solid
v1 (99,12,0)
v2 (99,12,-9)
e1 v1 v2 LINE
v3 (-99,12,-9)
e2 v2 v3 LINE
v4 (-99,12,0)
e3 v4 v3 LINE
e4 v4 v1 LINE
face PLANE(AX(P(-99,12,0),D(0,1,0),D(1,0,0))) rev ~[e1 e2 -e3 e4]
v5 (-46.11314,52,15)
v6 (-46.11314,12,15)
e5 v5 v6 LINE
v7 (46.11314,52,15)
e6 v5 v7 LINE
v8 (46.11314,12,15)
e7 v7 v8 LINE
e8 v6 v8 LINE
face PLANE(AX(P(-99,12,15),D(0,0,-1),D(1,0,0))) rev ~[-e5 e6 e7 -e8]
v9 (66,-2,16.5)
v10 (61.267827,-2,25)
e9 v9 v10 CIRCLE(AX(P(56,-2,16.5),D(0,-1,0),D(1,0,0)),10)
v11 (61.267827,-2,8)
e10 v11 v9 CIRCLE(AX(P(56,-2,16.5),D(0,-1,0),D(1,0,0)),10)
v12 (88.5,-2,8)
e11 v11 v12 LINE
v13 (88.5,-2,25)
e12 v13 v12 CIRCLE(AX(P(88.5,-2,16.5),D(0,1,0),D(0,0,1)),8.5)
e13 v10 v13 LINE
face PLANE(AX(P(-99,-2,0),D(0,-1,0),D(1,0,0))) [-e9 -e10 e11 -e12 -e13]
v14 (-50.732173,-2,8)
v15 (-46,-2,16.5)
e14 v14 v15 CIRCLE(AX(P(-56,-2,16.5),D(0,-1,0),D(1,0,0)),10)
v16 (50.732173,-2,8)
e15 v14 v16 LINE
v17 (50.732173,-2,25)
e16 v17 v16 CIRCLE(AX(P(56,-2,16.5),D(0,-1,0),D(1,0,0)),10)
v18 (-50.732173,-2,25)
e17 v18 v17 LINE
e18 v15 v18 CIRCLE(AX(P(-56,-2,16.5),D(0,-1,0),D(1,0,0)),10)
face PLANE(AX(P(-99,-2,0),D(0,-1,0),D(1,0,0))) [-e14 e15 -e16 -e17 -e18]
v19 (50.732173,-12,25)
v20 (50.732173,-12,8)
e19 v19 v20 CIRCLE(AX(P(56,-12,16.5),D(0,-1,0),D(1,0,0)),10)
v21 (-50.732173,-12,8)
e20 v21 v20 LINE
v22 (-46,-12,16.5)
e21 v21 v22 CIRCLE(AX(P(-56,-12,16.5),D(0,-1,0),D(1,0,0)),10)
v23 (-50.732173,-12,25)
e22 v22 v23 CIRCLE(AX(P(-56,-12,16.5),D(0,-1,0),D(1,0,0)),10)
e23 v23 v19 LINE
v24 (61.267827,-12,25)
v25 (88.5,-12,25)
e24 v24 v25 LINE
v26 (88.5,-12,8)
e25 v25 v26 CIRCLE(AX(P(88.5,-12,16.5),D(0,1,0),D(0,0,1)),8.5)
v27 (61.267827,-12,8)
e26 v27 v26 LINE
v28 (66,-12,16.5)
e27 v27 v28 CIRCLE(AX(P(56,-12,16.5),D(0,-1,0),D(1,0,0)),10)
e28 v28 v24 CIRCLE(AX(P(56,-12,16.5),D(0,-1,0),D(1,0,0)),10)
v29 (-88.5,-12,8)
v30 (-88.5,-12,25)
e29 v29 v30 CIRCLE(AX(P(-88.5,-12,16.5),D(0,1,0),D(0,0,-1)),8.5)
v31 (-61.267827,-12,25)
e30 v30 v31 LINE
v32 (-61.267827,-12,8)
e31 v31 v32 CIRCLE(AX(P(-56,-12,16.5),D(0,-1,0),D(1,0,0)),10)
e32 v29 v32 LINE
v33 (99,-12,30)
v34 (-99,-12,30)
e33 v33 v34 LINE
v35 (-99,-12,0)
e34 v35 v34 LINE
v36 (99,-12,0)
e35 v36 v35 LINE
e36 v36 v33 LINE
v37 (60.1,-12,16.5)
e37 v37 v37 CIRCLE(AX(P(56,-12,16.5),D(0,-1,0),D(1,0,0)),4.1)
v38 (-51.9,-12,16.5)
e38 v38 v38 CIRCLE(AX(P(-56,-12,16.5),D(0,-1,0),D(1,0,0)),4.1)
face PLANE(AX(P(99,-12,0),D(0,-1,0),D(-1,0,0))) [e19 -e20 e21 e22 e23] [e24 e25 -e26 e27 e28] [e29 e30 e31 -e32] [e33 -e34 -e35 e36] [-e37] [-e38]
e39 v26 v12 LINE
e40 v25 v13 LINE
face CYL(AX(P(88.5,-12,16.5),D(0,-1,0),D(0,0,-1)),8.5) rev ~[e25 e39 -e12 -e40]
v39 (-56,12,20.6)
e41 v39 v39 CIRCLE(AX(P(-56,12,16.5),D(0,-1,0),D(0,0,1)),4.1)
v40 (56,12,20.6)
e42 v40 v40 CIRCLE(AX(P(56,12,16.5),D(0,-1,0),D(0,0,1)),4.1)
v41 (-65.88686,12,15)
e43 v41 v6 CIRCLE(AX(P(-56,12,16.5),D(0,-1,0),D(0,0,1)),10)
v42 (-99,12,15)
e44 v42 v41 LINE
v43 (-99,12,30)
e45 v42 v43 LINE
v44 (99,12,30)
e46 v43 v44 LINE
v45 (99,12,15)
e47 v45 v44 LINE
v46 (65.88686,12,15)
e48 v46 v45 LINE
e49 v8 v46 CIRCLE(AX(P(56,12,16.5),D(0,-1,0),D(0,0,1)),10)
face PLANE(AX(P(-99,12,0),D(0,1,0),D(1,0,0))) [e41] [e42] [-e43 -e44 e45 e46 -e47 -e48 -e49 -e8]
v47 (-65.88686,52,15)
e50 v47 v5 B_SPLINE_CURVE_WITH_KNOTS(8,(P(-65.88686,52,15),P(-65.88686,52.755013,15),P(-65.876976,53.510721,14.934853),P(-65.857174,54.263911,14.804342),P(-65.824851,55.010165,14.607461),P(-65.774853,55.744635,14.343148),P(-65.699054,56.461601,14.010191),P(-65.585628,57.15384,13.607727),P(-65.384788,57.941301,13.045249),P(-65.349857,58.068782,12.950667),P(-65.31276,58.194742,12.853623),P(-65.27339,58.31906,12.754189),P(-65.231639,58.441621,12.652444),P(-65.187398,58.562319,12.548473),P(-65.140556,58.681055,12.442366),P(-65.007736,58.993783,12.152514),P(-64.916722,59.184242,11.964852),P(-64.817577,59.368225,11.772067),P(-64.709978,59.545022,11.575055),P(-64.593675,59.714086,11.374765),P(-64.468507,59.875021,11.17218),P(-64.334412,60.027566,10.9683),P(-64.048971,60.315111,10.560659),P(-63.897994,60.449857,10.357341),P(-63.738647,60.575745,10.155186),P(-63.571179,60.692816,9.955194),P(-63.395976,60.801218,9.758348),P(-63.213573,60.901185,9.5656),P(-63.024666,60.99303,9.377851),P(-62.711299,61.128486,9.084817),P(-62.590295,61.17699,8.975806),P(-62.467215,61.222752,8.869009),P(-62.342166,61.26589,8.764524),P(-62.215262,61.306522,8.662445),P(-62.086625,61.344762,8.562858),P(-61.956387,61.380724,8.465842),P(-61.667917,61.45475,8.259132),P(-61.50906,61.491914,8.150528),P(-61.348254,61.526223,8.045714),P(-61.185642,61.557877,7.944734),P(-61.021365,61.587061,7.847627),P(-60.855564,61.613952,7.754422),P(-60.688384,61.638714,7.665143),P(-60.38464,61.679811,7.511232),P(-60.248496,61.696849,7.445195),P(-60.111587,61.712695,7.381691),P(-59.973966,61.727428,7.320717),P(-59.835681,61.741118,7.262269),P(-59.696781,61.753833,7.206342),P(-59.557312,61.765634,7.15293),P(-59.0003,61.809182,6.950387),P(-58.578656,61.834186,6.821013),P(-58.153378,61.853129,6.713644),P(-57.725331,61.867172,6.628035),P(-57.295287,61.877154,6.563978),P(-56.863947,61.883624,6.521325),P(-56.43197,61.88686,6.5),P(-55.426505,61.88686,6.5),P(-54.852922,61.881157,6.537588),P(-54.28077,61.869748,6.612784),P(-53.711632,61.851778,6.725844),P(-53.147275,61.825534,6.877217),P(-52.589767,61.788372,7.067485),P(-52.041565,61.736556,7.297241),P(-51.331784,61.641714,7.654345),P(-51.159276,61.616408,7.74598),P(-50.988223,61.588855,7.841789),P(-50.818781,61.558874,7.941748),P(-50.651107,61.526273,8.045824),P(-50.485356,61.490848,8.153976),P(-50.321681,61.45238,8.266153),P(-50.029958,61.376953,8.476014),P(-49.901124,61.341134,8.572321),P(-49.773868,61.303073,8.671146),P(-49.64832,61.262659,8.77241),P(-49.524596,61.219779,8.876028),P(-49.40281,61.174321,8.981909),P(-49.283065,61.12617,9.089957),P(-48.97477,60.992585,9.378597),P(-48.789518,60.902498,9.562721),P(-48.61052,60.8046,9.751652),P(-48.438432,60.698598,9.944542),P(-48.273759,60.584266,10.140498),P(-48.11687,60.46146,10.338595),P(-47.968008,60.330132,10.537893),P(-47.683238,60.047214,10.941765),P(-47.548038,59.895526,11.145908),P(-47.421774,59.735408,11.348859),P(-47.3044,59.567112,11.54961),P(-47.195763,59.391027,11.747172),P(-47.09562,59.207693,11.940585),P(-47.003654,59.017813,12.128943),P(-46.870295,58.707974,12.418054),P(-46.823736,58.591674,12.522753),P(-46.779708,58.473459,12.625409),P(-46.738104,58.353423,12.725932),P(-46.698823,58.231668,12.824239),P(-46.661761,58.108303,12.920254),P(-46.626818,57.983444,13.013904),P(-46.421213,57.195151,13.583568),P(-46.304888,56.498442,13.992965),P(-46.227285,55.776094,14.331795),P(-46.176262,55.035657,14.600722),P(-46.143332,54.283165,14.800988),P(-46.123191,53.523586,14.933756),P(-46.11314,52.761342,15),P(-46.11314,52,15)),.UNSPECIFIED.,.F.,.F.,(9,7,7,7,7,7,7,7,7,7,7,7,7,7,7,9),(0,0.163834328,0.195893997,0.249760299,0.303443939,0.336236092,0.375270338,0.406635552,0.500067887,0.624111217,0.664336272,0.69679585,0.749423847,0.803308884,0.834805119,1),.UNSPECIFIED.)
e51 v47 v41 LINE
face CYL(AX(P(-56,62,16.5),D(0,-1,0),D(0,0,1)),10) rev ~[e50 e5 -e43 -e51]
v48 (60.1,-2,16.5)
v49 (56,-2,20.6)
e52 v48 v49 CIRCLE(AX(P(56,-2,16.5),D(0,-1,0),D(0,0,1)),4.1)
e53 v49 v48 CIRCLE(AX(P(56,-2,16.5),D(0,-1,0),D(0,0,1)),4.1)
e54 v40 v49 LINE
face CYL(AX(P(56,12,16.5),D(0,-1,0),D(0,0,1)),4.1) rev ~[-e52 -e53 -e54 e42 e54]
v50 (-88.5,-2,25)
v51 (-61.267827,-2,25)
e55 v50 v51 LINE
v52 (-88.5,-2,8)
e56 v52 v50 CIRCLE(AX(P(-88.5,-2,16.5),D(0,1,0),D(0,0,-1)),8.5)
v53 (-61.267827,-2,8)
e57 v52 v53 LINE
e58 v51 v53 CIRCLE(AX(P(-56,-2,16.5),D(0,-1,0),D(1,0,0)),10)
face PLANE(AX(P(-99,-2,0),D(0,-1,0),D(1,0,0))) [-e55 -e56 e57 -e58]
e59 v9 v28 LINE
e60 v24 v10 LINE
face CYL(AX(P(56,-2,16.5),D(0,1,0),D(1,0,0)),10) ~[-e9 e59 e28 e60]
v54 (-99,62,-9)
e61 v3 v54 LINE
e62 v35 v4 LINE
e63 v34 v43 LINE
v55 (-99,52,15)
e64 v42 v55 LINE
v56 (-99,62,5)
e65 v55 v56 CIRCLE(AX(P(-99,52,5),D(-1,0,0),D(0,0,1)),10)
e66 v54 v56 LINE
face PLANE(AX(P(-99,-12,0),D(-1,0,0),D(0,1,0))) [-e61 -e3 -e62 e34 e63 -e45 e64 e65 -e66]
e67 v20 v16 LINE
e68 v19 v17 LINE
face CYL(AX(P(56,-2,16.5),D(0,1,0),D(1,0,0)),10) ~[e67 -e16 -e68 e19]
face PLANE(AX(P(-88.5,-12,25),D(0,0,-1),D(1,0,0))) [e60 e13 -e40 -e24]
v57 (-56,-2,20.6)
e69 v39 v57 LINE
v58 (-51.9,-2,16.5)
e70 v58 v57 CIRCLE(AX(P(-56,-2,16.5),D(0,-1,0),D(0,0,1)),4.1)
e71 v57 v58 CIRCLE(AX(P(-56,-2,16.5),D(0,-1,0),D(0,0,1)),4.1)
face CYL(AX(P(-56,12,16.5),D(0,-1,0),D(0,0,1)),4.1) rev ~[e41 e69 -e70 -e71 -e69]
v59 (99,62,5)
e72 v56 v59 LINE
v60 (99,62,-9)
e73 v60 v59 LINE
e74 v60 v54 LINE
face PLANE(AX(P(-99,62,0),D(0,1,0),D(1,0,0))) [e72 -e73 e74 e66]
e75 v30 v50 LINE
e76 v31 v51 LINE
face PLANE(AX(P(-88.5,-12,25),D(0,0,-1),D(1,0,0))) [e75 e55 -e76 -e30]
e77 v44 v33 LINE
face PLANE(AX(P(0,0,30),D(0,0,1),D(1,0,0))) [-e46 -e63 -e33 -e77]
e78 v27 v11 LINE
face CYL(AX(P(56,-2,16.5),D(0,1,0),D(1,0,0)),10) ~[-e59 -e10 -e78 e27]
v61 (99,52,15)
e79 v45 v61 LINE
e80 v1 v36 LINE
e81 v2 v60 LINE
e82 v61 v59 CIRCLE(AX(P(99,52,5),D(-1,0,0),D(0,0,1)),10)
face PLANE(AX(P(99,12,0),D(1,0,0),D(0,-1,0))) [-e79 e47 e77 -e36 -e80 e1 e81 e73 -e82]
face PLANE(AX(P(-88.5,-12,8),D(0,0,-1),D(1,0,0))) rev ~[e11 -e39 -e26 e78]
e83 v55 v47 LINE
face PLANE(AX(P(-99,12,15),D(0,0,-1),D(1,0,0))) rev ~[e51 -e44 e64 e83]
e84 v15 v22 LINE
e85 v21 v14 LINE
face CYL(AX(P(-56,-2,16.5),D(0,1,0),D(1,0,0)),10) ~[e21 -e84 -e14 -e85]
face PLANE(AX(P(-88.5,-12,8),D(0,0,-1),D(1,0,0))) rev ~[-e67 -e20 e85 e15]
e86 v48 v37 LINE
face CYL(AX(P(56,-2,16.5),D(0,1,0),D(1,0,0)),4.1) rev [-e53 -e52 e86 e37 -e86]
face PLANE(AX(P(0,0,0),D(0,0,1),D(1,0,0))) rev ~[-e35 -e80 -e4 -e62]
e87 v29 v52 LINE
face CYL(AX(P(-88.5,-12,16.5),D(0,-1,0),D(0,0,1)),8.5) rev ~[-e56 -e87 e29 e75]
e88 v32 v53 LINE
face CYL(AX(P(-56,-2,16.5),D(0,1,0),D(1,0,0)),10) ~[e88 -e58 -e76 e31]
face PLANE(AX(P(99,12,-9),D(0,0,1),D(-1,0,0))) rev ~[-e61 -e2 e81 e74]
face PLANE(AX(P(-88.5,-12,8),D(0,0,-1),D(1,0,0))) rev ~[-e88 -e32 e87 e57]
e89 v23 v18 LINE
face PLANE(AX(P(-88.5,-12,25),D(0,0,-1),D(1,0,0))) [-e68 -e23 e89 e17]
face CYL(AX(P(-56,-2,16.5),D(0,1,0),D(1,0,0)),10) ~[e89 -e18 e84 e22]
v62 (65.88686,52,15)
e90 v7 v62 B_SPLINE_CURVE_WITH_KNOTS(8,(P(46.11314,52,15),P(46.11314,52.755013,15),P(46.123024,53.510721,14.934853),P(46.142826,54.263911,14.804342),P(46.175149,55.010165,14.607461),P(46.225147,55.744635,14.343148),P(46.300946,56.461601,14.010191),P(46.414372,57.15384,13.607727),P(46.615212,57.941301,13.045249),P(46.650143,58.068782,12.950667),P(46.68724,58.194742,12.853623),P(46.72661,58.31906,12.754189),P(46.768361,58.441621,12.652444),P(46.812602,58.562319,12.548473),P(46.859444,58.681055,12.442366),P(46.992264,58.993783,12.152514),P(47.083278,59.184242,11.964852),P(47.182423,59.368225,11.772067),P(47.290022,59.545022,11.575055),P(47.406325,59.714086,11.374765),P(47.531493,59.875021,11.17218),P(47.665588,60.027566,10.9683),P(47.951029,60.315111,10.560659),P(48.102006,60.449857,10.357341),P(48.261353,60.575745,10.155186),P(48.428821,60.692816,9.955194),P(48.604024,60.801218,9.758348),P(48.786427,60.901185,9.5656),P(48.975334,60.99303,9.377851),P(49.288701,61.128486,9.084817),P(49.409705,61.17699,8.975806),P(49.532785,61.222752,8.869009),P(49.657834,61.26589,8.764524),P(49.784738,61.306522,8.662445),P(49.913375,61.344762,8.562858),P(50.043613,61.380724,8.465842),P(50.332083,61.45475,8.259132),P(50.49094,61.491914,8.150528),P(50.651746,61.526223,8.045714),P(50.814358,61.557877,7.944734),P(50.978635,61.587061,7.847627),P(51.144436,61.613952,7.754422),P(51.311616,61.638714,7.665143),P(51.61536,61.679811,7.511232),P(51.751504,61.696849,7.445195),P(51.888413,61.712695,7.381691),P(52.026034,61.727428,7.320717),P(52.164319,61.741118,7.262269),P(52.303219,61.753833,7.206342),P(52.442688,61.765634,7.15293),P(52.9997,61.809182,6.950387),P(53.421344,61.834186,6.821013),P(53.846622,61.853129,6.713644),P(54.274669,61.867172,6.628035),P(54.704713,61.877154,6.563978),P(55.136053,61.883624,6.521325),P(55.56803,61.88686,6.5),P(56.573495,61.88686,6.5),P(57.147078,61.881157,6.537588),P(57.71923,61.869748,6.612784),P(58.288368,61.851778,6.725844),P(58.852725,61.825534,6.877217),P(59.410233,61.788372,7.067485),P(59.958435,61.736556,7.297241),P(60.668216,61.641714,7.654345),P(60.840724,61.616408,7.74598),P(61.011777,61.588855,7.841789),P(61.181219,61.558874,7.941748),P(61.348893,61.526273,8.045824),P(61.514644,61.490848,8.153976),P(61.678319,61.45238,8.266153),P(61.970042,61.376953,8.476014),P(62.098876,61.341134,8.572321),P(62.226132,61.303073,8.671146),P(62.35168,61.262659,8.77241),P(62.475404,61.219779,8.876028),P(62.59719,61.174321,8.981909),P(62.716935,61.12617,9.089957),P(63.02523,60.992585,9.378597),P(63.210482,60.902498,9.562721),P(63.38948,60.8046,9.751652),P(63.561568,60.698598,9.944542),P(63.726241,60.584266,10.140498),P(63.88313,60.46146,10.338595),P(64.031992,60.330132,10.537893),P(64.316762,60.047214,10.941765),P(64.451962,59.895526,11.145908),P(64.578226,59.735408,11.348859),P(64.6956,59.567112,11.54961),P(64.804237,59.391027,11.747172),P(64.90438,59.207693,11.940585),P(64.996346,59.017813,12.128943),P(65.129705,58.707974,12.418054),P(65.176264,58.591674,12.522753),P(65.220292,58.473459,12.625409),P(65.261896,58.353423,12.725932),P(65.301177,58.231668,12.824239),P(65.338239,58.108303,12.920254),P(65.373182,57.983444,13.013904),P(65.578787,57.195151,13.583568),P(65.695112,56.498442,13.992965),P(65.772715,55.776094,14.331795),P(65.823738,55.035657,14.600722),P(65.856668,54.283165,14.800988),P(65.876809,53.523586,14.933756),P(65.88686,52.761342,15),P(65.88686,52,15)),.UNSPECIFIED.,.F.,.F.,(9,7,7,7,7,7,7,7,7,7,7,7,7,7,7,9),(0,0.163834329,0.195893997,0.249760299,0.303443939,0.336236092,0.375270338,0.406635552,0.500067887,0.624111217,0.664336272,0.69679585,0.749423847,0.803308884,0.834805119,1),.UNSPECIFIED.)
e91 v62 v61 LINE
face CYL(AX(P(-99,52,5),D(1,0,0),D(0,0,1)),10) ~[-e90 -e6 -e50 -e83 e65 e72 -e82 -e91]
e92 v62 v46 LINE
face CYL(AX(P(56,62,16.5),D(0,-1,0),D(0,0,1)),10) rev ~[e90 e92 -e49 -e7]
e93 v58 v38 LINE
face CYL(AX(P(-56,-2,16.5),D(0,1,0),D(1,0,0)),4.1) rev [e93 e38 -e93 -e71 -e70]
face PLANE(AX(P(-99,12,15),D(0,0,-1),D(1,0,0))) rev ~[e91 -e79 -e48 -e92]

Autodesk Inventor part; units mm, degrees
ref_plane "YZ Plane" through (0, 0, 0) normal (1, 0, 0) x (0, 1, 0)
ref_plane "XZ Plane" through (0, 0, 0) normal (0, 1, 0) x (-1, 0, 0)
ref_plane "XY Plane" through (0, 0, 0) normal (0, 0, 1) x (1, 0, 0)
sketch "Sketch1" plane through (0, 0, 0) normal (0, 0, 1) x (1, 0, 0)
  line L0 (-99, 12) -> (99, 12)
  line L1 (99, 12) -> (99, -12)
  line L2 (99, -12) -> (-99, -12)
  line L3 (-99, -12) -> (-99, 12)
  line L4 (-99, 12) -> (99, -12) construction
  line L5 (99, 12) -> (-99, -12) construction
  point P0 (0, 0)
  dimension "d0" = 24
  dimension "d1" = 198
extrude "Extrusion1" add sketch "Sketch1" along normal blind 30
sketch "Sketch2" plane through (-99, 12, 0) normal (0, 1, 0) x (1, 0, 0)
  line L0 (0, 0) -> (0, -30) projected
  line L1 (0, -15) -> (198, -15)
  line L2 (198, -15) -> (198, 9)
  line L3 (198, 9) -> (0, 9)
  line L4 (0, 9) -> (0, -15)
  line L5 (198, 0) -> (198, -30) projected
  line L6 (198, 0) -> (0, 0) projected
  point P0 (99, 0)
  dimension "d4" = 9
extrude "Extrusion2" add sketch "Sketch2" along normal blind 50
fillet "Fillet1" radius 10 1 edges at (0, 62, 15)
sketch "Sketch3" plane through (-99, 62, 0) normal (0, 1, 0) x (1, 0, 0)
  line L0 (0, -30) -> (198, -30) projected
  line L1 (198, 0) -> (198, -30) projected
  line L2 (155, -16.5) -> (198, -16.5) construction
  line L3 (43, -16.5) -> (0, -16.5) construction
  line L4 (0, -15) -> (0, -30) projected
  point P0 (99, 0)
  dimension "d17" = 13.5
  dimension "d19" = 13.5
  dimension "d21" = 112
hole "Hole1" at (56, 62, 16.5) at (-56, 62, 16.5) direction (0, -1, 0) diameter 8.2 end through all counterbore diameter 20 counterbore depth 50
sketch "Sketch4" plane through (-99, -12, 0) normal (0, -1, 0) x (1, 0, 0)
  line L0 (198, 16.5) -> (0, 16.5) construction
  line L1 (0, 0) -> (0, 30) projected
  line L2 (198, 0) -> (198, 30) projected
  line L3 (0, 30) -> (198, 30) projected
  circle A0 centre (155, 16.5) radius 4.1
  circle A1 centre (155, 16.5) radius 4.1 projected
  line L4 (10.5, 25) -> (187.5, 25)
  line L5 (10.5, 8) -> (187.5, 8)
  arc A2 (187.5, 8) -> (187.5, 25) centre (187.5, 16.5) ccw
  arc A3 (10.5, 25) -> (10.5, 8) centre (10.5, 16.5) ccw
  line L6 (10.5, 16.5) -> (0, 16.5)
  line L7 (187.5, 16.5) -> (198, 16.5)
  point P0 (99, 0)
  point P1 (15, 16.5)
  point P2 (99, 16.5)
  point P3 (127, 16.5)
  point P4 (183, 16.5)
  point P5 (71, 16.5)
  dimension "d23" = 56
  dimension "d24" = 28
  dimension "d26" = 28
  dimension "d27" = 28
  dimension "d28" = 56
  dimension "d37" = 17
  dimension "d38" = 177
extrude "Extrusion3" cut sketch "Sketch4" against normal blind 10 contours A3 L4 A2 L5
sketch "Sketch5" plane through (-99, -2, 0) normal (0, -1, 0) x (1, 0, 0)
  circle A0 centre (43, 16.5) radius 10
  circle A1 centre (43, 16.5) radius 4.1 projected
  circle A2 centre (155, 16.5) radius 10
  circle A3 centre (155, 16.5) radius 4.1 projected
  circle A4 centre (43, 16.5) radius 4.1
  circle A5 centre (155, 16.5) radius 4.1
  point P0 (99, 0)
  dimension "d41" = 20
extrude "Extrusion4" add sketch "Sketch5" along normal blind 10
properties part number "13042026-15"
